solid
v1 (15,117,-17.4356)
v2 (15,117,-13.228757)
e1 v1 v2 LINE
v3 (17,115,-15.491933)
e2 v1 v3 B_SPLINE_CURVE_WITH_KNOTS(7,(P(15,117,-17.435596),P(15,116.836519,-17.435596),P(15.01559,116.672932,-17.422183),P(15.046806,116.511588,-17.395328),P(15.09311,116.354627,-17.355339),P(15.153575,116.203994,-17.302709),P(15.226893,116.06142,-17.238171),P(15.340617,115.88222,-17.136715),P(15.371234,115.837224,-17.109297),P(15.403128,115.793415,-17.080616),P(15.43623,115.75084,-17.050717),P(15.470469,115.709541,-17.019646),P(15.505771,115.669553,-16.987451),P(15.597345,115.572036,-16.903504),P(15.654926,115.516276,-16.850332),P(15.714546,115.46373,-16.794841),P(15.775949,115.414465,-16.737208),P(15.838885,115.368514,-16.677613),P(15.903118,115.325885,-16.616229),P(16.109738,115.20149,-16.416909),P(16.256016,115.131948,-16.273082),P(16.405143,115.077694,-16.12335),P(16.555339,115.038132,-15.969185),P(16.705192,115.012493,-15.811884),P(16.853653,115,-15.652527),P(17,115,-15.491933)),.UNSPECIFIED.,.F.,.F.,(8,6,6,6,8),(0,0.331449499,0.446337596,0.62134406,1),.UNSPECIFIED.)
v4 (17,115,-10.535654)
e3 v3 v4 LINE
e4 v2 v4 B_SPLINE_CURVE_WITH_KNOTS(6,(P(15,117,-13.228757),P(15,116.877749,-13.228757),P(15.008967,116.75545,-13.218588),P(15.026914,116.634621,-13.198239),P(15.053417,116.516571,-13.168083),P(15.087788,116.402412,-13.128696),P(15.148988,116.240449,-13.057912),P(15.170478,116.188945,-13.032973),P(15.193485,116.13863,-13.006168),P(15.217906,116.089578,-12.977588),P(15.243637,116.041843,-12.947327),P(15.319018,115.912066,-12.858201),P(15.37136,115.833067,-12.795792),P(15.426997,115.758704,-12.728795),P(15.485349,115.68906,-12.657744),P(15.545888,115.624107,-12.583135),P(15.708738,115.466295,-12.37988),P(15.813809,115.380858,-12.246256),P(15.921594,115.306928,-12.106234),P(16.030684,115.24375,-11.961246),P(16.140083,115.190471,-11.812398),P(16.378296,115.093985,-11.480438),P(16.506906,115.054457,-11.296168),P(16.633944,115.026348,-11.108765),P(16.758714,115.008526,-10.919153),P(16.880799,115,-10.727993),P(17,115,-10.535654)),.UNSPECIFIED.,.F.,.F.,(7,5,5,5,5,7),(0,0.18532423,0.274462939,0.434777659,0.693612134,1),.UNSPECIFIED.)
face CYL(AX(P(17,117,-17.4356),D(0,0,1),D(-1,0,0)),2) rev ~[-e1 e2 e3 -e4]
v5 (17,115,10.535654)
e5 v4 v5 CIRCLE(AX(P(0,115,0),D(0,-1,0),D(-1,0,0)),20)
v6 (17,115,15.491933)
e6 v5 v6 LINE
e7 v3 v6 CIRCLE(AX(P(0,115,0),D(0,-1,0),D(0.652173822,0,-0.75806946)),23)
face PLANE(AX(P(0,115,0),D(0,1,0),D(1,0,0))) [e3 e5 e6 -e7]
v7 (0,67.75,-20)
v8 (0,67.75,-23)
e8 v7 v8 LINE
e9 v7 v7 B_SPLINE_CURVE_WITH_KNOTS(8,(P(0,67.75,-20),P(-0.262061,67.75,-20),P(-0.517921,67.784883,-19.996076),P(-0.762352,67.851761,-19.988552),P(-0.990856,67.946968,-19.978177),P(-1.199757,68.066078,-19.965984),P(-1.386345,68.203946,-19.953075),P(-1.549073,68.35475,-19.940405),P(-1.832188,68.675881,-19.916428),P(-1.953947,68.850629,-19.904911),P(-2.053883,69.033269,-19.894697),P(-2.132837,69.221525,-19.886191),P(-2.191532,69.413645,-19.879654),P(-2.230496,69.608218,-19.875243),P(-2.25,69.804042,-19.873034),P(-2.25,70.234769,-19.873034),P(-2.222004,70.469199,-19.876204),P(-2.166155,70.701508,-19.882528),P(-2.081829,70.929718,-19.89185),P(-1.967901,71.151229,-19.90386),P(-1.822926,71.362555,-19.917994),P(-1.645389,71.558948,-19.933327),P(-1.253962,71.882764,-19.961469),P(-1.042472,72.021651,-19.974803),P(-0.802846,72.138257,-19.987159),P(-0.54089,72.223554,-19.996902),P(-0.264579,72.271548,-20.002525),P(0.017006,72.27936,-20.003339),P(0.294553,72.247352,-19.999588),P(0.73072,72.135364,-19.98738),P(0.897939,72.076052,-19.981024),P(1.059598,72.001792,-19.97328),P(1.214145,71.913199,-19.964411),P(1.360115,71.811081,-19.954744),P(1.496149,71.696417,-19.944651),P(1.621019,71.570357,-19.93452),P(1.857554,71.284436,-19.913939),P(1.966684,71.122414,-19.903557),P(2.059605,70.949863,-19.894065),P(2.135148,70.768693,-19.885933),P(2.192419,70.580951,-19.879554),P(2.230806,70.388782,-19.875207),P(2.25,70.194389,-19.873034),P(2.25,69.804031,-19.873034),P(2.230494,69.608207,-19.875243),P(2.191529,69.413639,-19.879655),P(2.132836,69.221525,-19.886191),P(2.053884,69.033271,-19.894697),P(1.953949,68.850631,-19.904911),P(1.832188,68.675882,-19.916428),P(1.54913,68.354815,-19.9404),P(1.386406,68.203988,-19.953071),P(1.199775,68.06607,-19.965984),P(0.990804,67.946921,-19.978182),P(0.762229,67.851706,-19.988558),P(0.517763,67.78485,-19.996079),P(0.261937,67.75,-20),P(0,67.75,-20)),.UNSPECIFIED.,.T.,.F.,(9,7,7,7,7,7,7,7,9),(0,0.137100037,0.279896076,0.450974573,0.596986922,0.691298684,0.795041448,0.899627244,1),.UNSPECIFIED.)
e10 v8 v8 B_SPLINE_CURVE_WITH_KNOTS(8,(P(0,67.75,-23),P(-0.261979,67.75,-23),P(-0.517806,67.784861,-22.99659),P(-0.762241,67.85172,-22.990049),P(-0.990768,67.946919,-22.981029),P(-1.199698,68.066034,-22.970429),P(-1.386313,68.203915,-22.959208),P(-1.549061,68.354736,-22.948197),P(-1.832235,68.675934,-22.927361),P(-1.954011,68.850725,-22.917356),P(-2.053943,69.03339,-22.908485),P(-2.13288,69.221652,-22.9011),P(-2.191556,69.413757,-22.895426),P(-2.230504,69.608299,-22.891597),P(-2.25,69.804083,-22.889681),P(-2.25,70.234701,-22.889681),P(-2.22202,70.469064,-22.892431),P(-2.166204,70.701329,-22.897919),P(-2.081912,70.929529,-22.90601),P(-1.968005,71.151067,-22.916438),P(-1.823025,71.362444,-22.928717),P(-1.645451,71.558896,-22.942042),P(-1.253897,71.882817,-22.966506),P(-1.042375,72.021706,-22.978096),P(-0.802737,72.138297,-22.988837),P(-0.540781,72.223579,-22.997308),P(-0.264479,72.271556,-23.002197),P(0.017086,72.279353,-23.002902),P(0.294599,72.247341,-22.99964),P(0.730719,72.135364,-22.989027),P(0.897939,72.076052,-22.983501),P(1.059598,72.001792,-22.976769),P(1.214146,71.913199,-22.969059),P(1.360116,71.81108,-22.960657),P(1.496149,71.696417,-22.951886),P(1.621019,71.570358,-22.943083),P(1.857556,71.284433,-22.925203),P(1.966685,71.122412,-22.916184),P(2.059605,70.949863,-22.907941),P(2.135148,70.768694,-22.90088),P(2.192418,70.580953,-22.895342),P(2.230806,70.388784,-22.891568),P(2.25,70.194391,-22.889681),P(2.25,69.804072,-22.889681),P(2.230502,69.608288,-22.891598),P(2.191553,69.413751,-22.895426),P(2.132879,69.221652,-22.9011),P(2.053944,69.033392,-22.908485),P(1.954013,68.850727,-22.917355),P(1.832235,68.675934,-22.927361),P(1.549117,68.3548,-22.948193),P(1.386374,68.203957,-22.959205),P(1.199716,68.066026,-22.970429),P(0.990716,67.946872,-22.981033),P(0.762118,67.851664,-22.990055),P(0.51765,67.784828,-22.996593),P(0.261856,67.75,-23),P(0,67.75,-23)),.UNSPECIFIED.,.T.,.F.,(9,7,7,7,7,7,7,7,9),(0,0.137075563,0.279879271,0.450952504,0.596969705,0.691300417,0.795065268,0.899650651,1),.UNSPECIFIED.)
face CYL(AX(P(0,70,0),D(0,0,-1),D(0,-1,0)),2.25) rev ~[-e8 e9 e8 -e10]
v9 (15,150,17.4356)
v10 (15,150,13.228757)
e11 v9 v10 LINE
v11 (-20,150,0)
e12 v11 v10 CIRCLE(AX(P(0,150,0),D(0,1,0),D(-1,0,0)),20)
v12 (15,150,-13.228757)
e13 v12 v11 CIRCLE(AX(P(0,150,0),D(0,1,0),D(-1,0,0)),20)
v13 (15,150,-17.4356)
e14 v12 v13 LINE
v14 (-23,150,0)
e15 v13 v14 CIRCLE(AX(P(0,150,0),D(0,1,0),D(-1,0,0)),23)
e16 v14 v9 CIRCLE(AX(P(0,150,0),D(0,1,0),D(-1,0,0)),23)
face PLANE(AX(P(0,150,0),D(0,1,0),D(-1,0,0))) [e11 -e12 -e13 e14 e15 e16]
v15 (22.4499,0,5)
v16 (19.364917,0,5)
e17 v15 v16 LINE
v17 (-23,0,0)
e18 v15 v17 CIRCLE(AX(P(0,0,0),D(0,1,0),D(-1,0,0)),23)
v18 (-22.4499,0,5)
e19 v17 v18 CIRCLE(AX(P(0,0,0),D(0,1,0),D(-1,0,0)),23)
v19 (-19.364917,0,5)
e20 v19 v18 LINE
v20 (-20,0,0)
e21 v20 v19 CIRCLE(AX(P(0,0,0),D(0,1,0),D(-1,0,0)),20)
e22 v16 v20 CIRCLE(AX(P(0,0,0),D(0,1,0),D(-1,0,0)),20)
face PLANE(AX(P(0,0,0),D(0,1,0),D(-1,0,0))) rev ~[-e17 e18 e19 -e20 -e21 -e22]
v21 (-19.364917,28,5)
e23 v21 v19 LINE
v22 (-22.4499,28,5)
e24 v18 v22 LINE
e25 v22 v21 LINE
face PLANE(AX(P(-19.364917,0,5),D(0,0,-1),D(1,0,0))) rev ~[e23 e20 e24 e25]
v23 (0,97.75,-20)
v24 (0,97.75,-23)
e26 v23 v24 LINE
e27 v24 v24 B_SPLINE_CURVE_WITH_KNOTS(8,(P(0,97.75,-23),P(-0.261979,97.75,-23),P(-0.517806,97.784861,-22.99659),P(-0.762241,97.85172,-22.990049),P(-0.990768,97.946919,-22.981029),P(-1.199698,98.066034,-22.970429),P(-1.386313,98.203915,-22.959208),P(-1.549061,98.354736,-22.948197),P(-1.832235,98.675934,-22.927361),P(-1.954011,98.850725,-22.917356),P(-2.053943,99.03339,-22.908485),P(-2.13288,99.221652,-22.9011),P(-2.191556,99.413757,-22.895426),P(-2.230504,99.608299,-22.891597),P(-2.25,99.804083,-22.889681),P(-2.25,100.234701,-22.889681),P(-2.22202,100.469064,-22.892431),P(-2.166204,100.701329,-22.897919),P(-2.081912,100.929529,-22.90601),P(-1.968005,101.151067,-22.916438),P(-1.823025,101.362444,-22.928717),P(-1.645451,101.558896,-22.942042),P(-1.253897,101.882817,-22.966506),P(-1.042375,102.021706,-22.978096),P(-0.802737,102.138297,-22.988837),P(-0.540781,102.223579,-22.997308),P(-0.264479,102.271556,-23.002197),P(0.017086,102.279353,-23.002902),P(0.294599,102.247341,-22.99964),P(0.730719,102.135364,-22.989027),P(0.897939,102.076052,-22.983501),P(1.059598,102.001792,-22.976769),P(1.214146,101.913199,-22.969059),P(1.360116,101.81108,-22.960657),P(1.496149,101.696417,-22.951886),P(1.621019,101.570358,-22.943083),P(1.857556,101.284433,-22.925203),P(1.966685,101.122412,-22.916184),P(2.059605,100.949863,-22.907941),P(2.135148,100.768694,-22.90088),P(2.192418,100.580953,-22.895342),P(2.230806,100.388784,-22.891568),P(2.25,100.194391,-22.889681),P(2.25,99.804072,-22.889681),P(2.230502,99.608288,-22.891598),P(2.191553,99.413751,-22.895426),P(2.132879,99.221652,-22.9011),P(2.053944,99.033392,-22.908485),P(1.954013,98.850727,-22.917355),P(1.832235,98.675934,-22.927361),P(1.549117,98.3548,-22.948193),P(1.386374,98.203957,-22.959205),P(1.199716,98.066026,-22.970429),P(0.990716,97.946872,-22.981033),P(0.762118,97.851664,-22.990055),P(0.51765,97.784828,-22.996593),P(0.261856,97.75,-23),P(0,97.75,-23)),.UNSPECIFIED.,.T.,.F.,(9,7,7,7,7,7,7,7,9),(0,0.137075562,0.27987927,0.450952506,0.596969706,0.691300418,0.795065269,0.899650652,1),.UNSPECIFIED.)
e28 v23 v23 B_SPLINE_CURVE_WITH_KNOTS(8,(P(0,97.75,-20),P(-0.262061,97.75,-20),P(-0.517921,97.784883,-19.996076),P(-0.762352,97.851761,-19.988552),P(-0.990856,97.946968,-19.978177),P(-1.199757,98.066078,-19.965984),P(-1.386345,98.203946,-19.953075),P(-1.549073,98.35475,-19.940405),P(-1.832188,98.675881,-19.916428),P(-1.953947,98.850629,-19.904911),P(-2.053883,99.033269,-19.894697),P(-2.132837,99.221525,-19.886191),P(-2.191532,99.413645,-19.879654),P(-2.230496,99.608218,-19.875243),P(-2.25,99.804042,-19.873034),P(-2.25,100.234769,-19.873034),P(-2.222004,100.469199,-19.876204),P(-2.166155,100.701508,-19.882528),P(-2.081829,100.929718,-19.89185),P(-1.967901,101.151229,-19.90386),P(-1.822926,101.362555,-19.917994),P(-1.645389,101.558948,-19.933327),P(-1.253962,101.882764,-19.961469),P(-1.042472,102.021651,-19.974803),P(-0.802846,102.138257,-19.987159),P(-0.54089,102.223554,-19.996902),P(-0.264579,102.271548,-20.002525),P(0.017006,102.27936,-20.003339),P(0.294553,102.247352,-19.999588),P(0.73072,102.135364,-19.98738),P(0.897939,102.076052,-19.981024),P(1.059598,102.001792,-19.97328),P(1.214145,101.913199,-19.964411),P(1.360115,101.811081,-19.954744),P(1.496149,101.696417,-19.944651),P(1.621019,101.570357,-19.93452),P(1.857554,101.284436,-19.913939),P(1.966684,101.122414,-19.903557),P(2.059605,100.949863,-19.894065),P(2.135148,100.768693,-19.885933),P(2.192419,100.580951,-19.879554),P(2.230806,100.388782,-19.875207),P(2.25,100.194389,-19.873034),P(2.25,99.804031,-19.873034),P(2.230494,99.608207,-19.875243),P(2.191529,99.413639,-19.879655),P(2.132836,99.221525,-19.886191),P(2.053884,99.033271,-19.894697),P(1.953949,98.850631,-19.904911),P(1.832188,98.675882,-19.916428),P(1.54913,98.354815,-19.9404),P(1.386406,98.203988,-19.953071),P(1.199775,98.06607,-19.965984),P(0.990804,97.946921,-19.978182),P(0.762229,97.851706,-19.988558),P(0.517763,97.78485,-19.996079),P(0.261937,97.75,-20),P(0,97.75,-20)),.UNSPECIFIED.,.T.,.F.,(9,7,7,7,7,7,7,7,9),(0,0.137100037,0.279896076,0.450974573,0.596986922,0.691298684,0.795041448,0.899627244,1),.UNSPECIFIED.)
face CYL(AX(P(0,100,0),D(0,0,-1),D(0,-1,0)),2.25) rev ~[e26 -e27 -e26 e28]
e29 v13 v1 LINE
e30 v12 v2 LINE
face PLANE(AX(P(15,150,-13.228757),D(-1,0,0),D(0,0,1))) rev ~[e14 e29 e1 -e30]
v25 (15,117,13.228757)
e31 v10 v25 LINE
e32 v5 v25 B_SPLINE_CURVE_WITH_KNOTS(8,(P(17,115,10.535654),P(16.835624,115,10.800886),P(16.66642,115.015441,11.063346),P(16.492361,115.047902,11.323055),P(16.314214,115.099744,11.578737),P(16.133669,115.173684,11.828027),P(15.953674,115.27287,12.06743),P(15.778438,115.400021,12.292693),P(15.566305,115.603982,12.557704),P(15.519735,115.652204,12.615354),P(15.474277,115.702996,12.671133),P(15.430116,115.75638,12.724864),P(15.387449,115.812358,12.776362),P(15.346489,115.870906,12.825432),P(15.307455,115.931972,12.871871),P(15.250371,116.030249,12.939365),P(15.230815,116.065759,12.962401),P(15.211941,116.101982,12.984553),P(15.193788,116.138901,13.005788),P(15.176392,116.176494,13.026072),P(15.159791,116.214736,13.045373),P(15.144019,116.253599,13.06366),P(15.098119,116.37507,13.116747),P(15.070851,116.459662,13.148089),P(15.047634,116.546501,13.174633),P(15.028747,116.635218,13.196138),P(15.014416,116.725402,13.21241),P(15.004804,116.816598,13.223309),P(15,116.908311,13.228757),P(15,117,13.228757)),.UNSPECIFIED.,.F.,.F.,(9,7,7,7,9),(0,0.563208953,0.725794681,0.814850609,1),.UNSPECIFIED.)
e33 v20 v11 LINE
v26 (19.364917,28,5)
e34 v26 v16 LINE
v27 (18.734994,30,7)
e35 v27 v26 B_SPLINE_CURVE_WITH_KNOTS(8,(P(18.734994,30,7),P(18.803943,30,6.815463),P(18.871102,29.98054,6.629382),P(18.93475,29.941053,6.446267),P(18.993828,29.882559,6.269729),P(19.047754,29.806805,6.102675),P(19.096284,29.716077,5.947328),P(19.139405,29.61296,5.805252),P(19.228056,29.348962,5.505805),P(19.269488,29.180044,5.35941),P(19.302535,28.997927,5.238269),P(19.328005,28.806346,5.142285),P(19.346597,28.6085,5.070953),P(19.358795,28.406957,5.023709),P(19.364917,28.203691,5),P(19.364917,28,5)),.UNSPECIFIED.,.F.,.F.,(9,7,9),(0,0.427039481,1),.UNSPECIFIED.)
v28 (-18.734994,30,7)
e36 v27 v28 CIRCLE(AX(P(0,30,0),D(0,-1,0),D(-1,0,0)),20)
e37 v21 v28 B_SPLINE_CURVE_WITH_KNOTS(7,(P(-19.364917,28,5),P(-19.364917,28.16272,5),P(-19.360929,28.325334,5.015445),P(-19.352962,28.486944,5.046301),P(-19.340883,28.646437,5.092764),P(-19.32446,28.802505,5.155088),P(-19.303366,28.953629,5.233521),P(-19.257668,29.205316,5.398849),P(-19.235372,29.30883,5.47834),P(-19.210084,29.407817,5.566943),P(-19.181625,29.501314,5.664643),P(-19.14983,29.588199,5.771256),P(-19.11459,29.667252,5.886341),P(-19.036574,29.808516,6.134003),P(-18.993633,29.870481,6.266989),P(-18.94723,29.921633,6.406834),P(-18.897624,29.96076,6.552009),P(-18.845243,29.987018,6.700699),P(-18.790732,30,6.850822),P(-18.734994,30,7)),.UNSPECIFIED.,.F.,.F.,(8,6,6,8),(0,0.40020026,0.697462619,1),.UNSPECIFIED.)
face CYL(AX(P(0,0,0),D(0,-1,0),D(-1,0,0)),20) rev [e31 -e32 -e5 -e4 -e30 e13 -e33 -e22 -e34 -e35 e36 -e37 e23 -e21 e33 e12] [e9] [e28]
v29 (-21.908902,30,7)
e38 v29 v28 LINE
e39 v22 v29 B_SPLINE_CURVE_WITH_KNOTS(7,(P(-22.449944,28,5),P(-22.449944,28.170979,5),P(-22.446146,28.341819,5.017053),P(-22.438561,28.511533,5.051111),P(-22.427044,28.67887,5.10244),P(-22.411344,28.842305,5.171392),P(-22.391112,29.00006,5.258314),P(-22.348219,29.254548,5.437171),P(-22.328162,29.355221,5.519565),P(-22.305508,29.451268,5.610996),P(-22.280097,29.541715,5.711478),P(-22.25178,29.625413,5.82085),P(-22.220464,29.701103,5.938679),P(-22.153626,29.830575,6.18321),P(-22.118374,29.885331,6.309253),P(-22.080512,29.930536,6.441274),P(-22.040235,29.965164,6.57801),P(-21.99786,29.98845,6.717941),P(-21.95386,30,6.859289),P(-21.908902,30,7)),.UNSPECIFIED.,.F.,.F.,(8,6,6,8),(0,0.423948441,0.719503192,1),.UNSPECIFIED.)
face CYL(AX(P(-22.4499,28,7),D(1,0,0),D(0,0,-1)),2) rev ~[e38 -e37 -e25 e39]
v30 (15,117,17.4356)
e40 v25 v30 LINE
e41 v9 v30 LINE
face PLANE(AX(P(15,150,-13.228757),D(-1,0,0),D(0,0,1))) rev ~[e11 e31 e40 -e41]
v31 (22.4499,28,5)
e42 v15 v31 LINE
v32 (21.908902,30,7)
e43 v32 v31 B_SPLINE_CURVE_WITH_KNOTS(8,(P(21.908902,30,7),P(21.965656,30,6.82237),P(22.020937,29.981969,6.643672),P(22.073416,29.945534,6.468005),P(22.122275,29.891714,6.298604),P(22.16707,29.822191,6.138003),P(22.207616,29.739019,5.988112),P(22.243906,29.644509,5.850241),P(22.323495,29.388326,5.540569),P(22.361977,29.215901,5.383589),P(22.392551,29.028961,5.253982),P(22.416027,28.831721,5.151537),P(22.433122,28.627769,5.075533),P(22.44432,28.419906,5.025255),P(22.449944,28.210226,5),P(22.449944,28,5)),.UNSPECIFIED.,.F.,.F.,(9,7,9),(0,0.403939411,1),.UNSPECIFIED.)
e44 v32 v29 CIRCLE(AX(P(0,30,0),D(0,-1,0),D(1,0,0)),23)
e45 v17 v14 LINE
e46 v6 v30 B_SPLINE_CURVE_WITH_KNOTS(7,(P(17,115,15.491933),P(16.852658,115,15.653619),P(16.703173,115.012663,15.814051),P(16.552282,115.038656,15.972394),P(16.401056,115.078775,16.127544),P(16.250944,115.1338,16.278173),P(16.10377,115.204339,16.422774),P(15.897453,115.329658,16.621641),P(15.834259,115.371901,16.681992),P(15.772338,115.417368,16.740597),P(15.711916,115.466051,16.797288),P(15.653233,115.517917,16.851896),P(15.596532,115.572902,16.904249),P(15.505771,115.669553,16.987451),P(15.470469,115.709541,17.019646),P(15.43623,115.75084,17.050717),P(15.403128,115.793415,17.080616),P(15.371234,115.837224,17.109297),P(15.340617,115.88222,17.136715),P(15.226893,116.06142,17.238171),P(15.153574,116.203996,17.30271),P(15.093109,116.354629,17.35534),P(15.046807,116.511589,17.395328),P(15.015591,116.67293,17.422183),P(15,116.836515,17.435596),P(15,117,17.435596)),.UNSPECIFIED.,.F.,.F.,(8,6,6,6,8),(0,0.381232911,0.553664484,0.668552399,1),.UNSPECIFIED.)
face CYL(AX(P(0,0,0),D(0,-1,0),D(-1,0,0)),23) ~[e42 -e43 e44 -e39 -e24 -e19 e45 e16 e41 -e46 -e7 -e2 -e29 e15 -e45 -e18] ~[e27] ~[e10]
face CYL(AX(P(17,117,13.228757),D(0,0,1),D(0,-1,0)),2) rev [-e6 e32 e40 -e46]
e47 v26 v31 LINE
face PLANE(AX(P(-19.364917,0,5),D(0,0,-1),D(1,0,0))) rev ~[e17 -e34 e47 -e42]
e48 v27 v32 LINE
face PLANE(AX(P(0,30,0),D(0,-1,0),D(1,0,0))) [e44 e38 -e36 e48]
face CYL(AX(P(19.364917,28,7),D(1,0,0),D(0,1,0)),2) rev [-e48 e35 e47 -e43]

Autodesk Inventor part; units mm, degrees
ref_plane "YZ Plane" through (0, 0, 0) normal (1, 0, 0) x (0, 1, 0)
ref_plane "XZ Plane" through (0, 0, 0) normal (0, 1, 0) x (-1, 0, 0)
sketch "Sketch1" plane through (0, 0, 0) normal (0, 1, 0) x (-1, 0, 0)
  circle A0 centre (0, 0) radius 20
  circle A1 centre (0, 0) radius 23
  dimension "d0" = 40
  dimension "d1" = 3
extrude "Extrusion1" add sketch "Sketch1" along normal blind 150
ref_plane "Work Plane1" through (0, 0, 23) normal (0, 0, 1) x (1, 0, 0)
sketch "Sketch2" plane through (0, 0, 23) normal (0, 0, 1) x (1, 0, 0)
  line L0 (-17.5, 140) -> (17.5, 140)
  line L1 (17.5, 140) -> (17.5, 105)
  line L2 (17.5, 105) -> (-17.5, 105)
  line L3 (-17.5, 105) -> (-17.5, 140)
  line L4 (-17.5, 90) -> (17.5, 90)
  line L5 (17.5, 90) -> (17.5, 55)
  line L6 (17.5, 55) -> (-17.5, 55)
  line L7 (-17.5, 55) -> (-17.5, 90)
  line L8 (23, 150) -> (-23, 150) projected
  line L9 (0, 156) -> (0, -26) projected
  line L10 (-23, 0) -> (23, 0) projected
  point P0 (0, 0)
  dimension "d5" = 10
  dimension "d6" = 35
  dimension "d7" = 17.5
  dimension "d8" = 35
  dimension "d9" = 35
  dimension "d23" = 15
  dimension "d24" = 55
extrude "Extrusion2" [suppressed]
fillet "Fillet1" [suppressed]
sketch "Sketch3" plane through (0, 0, 0) normal (0, 0, 1) x (1, 0, 0)
  line L0 (23, 150) -> (-23, 150) projected
  point P0 (0, 0)
  point P1 (0, 100)
  point P2 (0, 70)
  dimension "d14" = 30
  dimension "d15" = 50
hole "Hole1" at (0, 100, 0) at (0, 70, 0) direction (0, 0, -1) diameter 4.5 end through all clearance for "Socket Head Cap Screw" size "M4" standard "Ansi Metric M Profile"
sketch "Sketch4" plane through (0, 150, 0) normal (0, 1, 0) x (1, 0, 0)
  circle A0 centre (0, 0) radius 20 projected
  circle A1 centre (0, 0) radius 23 projected
  line L0 (15, 17.4356) -> (15, -17.4356)
  circle A2 centre (0, 0) radius 23 projected
  dimension "d25" = 15
extrude "Extrusion3" cut sketch "Sketch4" against normal blind 35 contours A0 L0 | A0 L0 A1 picked at (16.6667, 0) picked at (17.0329, 12.1097)
fillet "Fillet2" radius 2 2 edges at (15, 115, -15.3322) (15, 115, 15.3322)
sketch "Sketch5" plane through (0, 0, 0) normal (0, -1, 0) x (1, 0, 0)
  circle A0 centre (0, 0) radius 20 projected
  circle A1 centre (0, 0) radius 23 projected
  line L0 (-22.4499, 5) -> (22.4499, 5)
  circle A2 centre (0, 0) radius 23 projected
  dimension "d29" = 5
extrude "Extrusion4" cut sketch "Sketch5" against normal blind 30 contours L0 A0 | A0 L0 A1 picked at (5.8749, 6.4846) picked at (-0.7969, 21.8366)
fillet "Fillet3" radius 2 2 edges at (-20.9074, 30, 5) (20.9074, 30, 5)
equation "\"d7\" = 0.5 * d6"
equation "\"d8\" = d6"
equation "\"d9\" = d8"
properties part number "Pancake_Drop Pipe" material "PVC-Piping"
